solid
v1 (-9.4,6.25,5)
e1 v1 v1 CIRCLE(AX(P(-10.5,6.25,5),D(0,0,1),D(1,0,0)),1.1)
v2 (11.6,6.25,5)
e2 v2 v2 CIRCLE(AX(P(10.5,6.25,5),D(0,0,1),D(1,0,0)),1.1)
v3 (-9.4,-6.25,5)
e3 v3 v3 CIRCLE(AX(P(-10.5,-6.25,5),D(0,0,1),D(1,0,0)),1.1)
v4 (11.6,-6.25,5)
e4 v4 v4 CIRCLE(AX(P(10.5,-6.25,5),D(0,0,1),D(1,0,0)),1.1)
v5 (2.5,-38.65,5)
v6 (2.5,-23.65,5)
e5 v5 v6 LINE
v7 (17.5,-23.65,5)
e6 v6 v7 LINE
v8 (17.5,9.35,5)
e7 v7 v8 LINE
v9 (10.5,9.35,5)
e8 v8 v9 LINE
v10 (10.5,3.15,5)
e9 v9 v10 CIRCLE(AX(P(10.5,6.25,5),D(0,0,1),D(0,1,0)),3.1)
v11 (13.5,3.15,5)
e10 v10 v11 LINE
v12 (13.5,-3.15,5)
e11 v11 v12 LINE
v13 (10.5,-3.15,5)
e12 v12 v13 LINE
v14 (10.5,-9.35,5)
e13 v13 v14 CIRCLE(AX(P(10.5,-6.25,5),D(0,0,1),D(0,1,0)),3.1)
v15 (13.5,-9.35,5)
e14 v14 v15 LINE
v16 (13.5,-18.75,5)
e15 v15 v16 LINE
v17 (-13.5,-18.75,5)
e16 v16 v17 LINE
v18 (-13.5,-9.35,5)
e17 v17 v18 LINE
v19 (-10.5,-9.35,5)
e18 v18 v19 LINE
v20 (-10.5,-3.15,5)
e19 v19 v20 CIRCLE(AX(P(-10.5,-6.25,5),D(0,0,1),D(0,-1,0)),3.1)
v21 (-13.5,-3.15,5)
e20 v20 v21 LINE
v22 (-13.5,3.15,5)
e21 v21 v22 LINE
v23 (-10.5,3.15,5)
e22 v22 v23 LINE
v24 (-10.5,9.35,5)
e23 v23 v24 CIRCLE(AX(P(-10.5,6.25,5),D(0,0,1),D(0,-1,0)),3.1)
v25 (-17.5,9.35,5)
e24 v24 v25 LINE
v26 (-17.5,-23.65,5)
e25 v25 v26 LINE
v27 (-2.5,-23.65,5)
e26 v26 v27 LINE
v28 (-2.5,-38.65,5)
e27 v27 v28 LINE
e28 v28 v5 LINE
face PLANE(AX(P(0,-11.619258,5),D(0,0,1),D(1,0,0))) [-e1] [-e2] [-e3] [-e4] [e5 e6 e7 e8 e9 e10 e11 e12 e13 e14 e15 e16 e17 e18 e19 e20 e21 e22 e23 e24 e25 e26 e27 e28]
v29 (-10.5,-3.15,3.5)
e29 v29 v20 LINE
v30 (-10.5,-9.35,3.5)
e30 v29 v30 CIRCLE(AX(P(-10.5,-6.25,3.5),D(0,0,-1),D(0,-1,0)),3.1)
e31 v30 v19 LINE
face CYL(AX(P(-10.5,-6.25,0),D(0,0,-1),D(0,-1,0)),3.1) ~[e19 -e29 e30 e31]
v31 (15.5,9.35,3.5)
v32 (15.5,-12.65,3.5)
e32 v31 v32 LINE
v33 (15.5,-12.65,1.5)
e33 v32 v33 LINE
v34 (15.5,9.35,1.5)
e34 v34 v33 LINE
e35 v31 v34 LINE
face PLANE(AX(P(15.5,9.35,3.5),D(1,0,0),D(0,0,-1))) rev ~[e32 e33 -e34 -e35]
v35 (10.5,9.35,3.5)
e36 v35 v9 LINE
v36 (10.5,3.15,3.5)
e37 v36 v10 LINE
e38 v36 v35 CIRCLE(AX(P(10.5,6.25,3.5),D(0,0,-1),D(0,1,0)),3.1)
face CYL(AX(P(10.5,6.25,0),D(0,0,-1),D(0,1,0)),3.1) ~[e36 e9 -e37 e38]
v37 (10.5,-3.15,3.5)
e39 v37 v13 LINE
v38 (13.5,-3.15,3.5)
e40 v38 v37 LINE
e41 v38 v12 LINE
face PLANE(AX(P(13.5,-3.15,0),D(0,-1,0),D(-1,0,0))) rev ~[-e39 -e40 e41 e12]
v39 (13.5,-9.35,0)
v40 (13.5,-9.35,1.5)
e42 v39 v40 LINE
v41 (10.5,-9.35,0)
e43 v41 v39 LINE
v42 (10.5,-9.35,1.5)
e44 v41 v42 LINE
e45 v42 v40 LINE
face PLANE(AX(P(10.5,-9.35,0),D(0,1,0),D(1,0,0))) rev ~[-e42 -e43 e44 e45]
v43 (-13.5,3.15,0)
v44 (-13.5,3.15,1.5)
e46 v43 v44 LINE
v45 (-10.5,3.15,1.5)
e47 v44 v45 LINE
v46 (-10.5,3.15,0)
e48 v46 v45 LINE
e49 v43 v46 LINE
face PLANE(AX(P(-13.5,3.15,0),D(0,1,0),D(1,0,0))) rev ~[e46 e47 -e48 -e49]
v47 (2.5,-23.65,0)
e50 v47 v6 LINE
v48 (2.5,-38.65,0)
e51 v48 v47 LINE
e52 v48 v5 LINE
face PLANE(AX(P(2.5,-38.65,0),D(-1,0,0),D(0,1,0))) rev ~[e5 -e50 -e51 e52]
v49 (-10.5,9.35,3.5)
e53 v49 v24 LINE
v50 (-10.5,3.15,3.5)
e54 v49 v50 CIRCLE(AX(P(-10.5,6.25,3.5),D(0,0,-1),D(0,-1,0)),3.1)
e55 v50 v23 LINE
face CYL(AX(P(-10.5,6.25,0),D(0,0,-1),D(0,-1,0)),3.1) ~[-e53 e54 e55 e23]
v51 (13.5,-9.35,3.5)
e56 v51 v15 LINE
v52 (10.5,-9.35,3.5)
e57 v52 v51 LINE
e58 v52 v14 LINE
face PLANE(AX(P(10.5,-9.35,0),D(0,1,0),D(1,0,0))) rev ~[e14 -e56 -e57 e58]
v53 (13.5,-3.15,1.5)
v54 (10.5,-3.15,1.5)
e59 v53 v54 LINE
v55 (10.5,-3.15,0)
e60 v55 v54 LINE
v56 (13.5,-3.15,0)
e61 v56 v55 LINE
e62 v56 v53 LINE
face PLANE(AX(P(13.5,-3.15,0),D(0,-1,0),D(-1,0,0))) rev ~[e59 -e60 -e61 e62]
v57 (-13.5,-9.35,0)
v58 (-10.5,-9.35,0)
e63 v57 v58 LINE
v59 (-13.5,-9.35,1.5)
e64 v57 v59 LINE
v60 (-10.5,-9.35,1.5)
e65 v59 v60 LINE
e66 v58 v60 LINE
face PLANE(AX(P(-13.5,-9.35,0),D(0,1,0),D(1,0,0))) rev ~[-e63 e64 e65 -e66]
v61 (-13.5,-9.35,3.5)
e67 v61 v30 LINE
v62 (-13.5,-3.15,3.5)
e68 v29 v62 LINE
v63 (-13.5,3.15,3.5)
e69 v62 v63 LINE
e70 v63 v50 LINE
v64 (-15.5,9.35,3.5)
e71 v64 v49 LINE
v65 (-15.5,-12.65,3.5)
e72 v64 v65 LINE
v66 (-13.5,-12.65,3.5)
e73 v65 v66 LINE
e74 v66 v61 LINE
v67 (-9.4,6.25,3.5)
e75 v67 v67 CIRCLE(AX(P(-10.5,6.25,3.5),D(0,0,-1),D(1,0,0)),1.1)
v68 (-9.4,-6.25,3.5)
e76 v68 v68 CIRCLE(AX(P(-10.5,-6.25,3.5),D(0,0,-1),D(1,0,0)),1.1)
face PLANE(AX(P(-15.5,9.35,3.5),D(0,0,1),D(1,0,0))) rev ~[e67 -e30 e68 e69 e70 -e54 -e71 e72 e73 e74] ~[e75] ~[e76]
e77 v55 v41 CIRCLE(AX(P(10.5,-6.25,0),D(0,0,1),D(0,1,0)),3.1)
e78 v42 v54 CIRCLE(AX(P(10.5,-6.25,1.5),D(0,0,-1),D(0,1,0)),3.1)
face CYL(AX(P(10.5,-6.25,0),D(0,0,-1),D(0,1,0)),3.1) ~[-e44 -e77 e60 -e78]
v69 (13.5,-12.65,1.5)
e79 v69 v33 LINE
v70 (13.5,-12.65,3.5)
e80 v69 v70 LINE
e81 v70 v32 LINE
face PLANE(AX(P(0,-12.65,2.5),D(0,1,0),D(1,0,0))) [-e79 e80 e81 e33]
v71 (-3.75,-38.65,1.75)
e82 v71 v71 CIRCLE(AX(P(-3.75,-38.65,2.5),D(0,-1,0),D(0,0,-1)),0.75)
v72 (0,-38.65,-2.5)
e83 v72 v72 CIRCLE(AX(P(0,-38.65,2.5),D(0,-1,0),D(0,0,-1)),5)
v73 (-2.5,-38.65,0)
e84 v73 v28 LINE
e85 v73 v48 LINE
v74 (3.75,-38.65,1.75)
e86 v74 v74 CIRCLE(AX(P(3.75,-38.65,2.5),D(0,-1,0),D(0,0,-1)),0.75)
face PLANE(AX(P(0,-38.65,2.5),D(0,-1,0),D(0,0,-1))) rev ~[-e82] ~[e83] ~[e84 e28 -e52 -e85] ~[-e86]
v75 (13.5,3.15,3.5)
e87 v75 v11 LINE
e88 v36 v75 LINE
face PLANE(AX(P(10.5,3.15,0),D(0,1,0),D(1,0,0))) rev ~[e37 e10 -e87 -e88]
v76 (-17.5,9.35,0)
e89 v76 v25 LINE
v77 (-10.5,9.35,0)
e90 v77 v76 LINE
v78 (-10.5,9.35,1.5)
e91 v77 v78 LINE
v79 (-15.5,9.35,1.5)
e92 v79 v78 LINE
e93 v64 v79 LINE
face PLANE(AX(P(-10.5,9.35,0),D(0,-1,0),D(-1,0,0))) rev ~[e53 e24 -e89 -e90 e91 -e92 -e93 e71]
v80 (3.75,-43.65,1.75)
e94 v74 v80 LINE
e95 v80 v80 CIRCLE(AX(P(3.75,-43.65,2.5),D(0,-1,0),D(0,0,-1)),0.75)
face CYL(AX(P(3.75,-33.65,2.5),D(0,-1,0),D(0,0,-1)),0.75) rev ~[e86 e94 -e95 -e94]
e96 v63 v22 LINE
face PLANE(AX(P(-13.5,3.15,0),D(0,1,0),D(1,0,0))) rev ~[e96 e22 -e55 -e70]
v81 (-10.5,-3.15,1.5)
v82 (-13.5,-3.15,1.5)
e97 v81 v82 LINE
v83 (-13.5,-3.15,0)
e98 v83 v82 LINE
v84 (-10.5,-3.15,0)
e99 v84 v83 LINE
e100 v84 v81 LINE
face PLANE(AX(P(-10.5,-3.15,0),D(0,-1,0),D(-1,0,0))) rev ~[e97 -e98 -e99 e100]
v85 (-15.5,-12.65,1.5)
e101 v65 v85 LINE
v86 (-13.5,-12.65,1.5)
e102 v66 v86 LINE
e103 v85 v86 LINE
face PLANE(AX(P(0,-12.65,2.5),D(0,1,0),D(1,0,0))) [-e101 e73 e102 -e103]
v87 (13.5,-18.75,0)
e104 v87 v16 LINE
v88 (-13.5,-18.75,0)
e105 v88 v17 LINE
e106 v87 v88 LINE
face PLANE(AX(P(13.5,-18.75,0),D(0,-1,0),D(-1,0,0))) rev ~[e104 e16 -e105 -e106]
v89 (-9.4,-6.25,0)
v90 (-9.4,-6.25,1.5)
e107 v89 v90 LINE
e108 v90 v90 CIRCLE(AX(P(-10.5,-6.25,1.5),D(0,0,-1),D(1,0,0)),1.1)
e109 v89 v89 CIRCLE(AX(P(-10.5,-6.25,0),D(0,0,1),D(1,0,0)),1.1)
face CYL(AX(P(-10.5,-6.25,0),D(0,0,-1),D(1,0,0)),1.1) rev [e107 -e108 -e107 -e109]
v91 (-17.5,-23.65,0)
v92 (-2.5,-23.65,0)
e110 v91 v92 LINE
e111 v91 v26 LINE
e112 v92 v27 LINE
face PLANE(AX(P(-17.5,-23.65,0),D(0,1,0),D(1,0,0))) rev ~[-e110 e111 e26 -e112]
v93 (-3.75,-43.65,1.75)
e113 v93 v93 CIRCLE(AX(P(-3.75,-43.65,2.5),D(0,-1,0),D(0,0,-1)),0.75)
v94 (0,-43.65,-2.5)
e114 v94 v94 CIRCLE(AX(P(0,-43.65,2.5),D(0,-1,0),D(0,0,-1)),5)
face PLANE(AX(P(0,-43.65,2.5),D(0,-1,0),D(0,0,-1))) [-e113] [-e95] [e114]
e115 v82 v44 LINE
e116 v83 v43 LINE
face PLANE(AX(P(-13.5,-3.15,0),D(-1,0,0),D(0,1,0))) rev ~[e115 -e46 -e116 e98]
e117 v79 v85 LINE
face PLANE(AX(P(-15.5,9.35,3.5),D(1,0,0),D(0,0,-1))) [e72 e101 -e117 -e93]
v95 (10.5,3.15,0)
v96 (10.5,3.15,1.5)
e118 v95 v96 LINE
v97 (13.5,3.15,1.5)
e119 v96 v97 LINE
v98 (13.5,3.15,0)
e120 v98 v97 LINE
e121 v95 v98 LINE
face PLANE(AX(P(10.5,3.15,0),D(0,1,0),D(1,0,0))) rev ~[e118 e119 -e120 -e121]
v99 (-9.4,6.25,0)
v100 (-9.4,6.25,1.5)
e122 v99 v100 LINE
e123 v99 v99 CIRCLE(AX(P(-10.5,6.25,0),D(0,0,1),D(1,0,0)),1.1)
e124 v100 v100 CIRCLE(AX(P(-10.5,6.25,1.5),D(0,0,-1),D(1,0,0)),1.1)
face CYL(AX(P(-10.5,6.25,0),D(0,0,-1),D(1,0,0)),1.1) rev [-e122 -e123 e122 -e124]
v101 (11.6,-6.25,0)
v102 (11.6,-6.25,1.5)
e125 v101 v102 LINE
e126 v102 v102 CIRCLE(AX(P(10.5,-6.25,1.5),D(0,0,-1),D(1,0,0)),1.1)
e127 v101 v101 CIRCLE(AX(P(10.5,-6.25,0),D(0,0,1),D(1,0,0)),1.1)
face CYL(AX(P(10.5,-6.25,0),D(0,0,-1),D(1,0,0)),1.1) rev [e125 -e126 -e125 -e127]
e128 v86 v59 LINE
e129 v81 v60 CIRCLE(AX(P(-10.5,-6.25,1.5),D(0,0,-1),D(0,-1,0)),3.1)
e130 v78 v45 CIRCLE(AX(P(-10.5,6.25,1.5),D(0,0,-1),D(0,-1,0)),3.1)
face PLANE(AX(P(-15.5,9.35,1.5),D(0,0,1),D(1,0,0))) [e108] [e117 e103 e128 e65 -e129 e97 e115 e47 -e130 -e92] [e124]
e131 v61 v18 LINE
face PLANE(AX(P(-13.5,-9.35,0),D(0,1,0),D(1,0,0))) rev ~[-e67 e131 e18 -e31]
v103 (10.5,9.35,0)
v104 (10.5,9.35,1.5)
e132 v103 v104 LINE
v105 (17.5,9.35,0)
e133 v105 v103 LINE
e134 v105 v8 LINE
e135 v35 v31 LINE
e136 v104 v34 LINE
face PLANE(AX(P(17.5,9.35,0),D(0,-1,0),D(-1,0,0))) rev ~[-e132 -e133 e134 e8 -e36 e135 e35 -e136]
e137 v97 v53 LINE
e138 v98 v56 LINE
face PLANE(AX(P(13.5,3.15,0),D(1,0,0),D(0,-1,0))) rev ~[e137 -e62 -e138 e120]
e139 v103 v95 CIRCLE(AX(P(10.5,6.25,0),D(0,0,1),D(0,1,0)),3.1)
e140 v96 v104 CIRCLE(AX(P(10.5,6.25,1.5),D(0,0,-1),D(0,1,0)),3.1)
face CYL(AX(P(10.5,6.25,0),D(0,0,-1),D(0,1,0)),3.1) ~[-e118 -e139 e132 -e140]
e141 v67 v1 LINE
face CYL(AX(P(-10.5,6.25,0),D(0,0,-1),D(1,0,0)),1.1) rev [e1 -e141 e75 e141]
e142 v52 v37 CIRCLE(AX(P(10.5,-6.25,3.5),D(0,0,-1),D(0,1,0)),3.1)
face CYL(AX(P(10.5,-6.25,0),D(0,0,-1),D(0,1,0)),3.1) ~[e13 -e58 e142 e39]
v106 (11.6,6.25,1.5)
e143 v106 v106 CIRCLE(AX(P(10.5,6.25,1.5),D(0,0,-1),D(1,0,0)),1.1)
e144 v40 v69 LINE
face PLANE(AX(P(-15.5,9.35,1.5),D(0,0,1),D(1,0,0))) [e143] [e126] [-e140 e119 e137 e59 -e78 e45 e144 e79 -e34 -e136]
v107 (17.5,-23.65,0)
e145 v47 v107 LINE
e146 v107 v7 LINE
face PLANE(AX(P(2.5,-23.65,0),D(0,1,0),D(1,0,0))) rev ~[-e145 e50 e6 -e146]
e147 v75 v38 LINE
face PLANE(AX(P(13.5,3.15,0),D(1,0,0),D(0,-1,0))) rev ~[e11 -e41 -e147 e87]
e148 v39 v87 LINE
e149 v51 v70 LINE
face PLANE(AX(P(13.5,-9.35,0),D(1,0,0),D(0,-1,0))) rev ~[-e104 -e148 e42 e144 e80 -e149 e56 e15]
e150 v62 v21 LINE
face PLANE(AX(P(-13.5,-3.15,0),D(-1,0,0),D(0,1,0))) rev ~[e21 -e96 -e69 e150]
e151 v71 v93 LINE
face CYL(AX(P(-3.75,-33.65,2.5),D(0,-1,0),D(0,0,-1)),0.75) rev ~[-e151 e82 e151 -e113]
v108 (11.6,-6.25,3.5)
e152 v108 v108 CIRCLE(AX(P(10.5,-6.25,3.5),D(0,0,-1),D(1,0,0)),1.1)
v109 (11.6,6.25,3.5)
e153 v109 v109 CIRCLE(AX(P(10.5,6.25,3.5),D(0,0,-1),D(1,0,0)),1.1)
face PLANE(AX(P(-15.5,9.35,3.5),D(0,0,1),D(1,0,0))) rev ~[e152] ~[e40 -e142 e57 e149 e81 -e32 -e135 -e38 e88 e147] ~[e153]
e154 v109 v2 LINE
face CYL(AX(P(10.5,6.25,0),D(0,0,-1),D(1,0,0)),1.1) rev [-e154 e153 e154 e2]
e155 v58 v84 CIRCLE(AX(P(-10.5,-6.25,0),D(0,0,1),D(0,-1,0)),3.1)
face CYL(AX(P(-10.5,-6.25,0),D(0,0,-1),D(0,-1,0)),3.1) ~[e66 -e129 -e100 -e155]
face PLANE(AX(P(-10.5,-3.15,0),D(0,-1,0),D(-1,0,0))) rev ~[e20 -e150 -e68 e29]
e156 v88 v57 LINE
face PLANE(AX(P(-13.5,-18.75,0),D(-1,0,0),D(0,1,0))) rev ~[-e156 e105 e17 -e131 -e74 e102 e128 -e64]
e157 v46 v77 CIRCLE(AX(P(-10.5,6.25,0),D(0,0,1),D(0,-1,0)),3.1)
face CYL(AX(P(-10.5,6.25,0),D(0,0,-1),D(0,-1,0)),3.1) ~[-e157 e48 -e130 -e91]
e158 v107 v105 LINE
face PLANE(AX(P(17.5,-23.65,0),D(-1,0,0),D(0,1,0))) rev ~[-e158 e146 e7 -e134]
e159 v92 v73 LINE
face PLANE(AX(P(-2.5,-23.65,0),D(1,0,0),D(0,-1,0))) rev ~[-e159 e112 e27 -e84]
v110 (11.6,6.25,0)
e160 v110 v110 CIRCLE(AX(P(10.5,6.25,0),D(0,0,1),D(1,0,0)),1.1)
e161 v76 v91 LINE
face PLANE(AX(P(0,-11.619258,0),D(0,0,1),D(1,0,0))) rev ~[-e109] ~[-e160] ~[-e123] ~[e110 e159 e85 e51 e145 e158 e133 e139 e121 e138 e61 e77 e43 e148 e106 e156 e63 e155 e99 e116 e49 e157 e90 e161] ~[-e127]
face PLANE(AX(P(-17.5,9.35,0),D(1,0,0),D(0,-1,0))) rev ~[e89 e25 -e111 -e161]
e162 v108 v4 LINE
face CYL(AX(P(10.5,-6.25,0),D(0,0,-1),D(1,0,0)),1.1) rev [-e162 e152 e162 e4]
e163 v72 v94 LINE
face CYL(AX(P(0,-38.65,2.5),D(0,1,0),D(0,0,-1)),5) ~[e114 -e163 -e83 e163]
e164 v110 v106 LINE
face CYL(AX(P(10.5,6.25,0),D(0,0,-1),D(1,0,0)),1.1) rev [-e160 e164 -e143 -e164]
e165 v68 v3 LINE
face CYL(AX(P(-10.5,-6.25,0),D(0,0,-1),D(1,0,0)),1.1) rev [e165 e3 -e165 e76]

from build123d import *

# Parameters (mm, degrees)
SKETCH1_R                 = 1.1
BOSS_EXTRUDE1_DEPTH       = 5
SKETCH2_W                 = 31
SKETCH2_H                 = 2
CUT_EXTRUDE1_DEPTH        = 22
SKETCH4_R                 = 5
BOSS_EXTRUDE2_DEPTH       = 5
F_1_5MM_DOWEL_HOLE1_D     = 1.5
F_1_5MM_DOWEL_HOLE1_DEPTH = 5


with BuildPart() as part:
    # Sketch1 → Boss-Extrude1 (new body)
    with BuildSketch(Plane.XY):
        with BuildLine():
            Line((-10.5, 9.35), (-17.5, 9.35))
            Line((-17.5, 9.35), (-17.5, -23.65))
            Line((-17.5, -23.65), (-2.5, -23.65))
            Line((-2.5, -23.65), (-2.5, -38.65))
            Line((-2.5, -38.65), (2.5, -38.65))
            Line((2.5, -38.65), (2.5, -23.65))
            Line((2.5, -23.65), (17.5, -23.65))
            Line((17.5, -23.65), (17.5, 9.35))
            Line((17.5, 9.35), (10.5, 9.35))
            ThreePointArc((10.5, 9.35), (7.4, 6.25), (10.5, 3.15))
            Line((10.5, 3.15), (13.5, 3.15))
            Line((13.5, 3.15), (13.5, -3.15))
            Line((13.5, -3.15), (10.5, -3.15))
            ThreePointArc((10.5, -3.15), (7.4, -6.25), (10.5, -9.35))
            Line((10.5, -9.35), (13.5, -9.35))
            Line((13.5, -9.35), (13.5, -18.75))
            Line((13.5, -18.75), (-13.5, -18.75))
            Line((-13.5, -18.75), (-13.5, -9.35))
            Line((-13.5, -9.35), (-10.5, -9.35))
            ThreePointArc((-10.5, -9.35), (-7.4, -6.25), (-10.5, -3.15))
            Line((-10.5, -3.15), (-13.5, -3.15))
            Line((-13.5, -3.15), (-13.5, 3.15))
            Line((-13.5, 3.15), (-10.5, 3.15))
            ThreePointArc((-10.5, 3.15), (-7.4, 6.25), (-10.5, 9.35))
        make_face()
        with Locations((-10.5, 6.25)):
            Circle(SKETCH1_R, mode=Mode.SUBTRACT)
        with Locations((10.5, 6.25)):
            Circle(SKETCH1_R, mode=Mode.SUBTRACT)
        with Locations((10.5, -6.25)):
            Circle(SKETCH1_R, mode=Mode.SUBTRACT)
        with Locations((-10.5, -6.25)):
            Circle(SKETCH1_R, mode=Mode.SUBTRACT)
    extrude(amount=BOSS_EXTRUDE1_DEPTH)

    # Sketch2 → Cut-Extrude1 (cut)
    with BuildSketch(Plane(origin=(0, 9.35, 0), x_dir=(1, 0, 0), z_dir=(0, 1, 0))):
        with Locations((0, -2.5)):
            Rectangle(SKETCH2_W, SKETCH2_H)
    extrude(amount=-CUT_EXTRUDE1_DEPTH, mode=Mode.SUBTRACT)

    # Sketch4 → Boss-Extrude2 (add)
    with BuildSketch(Plane.XZ.offset(38.65)):
        with Locations(Location((0, 2.5, 0), (0, 0, 270))):
            Circle(SKETCH4_R)
    extrude(amount=BOSS_EXTRUDE2_DEPTH)

    # Ø1.5mm Dowel Hole1
    with Locations(Plane(origin=(3.75, -38.65, 2.5), x_dir=(0, 0, 1), z_dir=(0, 1, 0))):
        with Locations((0, 0), (0, -7.5)):
            Hole(F_1_5MM_DOWEL_HOLE1_D / 2, depth=F_1_5MM_DOWEL_HOLE1_DEPTH)


solid = part.part
